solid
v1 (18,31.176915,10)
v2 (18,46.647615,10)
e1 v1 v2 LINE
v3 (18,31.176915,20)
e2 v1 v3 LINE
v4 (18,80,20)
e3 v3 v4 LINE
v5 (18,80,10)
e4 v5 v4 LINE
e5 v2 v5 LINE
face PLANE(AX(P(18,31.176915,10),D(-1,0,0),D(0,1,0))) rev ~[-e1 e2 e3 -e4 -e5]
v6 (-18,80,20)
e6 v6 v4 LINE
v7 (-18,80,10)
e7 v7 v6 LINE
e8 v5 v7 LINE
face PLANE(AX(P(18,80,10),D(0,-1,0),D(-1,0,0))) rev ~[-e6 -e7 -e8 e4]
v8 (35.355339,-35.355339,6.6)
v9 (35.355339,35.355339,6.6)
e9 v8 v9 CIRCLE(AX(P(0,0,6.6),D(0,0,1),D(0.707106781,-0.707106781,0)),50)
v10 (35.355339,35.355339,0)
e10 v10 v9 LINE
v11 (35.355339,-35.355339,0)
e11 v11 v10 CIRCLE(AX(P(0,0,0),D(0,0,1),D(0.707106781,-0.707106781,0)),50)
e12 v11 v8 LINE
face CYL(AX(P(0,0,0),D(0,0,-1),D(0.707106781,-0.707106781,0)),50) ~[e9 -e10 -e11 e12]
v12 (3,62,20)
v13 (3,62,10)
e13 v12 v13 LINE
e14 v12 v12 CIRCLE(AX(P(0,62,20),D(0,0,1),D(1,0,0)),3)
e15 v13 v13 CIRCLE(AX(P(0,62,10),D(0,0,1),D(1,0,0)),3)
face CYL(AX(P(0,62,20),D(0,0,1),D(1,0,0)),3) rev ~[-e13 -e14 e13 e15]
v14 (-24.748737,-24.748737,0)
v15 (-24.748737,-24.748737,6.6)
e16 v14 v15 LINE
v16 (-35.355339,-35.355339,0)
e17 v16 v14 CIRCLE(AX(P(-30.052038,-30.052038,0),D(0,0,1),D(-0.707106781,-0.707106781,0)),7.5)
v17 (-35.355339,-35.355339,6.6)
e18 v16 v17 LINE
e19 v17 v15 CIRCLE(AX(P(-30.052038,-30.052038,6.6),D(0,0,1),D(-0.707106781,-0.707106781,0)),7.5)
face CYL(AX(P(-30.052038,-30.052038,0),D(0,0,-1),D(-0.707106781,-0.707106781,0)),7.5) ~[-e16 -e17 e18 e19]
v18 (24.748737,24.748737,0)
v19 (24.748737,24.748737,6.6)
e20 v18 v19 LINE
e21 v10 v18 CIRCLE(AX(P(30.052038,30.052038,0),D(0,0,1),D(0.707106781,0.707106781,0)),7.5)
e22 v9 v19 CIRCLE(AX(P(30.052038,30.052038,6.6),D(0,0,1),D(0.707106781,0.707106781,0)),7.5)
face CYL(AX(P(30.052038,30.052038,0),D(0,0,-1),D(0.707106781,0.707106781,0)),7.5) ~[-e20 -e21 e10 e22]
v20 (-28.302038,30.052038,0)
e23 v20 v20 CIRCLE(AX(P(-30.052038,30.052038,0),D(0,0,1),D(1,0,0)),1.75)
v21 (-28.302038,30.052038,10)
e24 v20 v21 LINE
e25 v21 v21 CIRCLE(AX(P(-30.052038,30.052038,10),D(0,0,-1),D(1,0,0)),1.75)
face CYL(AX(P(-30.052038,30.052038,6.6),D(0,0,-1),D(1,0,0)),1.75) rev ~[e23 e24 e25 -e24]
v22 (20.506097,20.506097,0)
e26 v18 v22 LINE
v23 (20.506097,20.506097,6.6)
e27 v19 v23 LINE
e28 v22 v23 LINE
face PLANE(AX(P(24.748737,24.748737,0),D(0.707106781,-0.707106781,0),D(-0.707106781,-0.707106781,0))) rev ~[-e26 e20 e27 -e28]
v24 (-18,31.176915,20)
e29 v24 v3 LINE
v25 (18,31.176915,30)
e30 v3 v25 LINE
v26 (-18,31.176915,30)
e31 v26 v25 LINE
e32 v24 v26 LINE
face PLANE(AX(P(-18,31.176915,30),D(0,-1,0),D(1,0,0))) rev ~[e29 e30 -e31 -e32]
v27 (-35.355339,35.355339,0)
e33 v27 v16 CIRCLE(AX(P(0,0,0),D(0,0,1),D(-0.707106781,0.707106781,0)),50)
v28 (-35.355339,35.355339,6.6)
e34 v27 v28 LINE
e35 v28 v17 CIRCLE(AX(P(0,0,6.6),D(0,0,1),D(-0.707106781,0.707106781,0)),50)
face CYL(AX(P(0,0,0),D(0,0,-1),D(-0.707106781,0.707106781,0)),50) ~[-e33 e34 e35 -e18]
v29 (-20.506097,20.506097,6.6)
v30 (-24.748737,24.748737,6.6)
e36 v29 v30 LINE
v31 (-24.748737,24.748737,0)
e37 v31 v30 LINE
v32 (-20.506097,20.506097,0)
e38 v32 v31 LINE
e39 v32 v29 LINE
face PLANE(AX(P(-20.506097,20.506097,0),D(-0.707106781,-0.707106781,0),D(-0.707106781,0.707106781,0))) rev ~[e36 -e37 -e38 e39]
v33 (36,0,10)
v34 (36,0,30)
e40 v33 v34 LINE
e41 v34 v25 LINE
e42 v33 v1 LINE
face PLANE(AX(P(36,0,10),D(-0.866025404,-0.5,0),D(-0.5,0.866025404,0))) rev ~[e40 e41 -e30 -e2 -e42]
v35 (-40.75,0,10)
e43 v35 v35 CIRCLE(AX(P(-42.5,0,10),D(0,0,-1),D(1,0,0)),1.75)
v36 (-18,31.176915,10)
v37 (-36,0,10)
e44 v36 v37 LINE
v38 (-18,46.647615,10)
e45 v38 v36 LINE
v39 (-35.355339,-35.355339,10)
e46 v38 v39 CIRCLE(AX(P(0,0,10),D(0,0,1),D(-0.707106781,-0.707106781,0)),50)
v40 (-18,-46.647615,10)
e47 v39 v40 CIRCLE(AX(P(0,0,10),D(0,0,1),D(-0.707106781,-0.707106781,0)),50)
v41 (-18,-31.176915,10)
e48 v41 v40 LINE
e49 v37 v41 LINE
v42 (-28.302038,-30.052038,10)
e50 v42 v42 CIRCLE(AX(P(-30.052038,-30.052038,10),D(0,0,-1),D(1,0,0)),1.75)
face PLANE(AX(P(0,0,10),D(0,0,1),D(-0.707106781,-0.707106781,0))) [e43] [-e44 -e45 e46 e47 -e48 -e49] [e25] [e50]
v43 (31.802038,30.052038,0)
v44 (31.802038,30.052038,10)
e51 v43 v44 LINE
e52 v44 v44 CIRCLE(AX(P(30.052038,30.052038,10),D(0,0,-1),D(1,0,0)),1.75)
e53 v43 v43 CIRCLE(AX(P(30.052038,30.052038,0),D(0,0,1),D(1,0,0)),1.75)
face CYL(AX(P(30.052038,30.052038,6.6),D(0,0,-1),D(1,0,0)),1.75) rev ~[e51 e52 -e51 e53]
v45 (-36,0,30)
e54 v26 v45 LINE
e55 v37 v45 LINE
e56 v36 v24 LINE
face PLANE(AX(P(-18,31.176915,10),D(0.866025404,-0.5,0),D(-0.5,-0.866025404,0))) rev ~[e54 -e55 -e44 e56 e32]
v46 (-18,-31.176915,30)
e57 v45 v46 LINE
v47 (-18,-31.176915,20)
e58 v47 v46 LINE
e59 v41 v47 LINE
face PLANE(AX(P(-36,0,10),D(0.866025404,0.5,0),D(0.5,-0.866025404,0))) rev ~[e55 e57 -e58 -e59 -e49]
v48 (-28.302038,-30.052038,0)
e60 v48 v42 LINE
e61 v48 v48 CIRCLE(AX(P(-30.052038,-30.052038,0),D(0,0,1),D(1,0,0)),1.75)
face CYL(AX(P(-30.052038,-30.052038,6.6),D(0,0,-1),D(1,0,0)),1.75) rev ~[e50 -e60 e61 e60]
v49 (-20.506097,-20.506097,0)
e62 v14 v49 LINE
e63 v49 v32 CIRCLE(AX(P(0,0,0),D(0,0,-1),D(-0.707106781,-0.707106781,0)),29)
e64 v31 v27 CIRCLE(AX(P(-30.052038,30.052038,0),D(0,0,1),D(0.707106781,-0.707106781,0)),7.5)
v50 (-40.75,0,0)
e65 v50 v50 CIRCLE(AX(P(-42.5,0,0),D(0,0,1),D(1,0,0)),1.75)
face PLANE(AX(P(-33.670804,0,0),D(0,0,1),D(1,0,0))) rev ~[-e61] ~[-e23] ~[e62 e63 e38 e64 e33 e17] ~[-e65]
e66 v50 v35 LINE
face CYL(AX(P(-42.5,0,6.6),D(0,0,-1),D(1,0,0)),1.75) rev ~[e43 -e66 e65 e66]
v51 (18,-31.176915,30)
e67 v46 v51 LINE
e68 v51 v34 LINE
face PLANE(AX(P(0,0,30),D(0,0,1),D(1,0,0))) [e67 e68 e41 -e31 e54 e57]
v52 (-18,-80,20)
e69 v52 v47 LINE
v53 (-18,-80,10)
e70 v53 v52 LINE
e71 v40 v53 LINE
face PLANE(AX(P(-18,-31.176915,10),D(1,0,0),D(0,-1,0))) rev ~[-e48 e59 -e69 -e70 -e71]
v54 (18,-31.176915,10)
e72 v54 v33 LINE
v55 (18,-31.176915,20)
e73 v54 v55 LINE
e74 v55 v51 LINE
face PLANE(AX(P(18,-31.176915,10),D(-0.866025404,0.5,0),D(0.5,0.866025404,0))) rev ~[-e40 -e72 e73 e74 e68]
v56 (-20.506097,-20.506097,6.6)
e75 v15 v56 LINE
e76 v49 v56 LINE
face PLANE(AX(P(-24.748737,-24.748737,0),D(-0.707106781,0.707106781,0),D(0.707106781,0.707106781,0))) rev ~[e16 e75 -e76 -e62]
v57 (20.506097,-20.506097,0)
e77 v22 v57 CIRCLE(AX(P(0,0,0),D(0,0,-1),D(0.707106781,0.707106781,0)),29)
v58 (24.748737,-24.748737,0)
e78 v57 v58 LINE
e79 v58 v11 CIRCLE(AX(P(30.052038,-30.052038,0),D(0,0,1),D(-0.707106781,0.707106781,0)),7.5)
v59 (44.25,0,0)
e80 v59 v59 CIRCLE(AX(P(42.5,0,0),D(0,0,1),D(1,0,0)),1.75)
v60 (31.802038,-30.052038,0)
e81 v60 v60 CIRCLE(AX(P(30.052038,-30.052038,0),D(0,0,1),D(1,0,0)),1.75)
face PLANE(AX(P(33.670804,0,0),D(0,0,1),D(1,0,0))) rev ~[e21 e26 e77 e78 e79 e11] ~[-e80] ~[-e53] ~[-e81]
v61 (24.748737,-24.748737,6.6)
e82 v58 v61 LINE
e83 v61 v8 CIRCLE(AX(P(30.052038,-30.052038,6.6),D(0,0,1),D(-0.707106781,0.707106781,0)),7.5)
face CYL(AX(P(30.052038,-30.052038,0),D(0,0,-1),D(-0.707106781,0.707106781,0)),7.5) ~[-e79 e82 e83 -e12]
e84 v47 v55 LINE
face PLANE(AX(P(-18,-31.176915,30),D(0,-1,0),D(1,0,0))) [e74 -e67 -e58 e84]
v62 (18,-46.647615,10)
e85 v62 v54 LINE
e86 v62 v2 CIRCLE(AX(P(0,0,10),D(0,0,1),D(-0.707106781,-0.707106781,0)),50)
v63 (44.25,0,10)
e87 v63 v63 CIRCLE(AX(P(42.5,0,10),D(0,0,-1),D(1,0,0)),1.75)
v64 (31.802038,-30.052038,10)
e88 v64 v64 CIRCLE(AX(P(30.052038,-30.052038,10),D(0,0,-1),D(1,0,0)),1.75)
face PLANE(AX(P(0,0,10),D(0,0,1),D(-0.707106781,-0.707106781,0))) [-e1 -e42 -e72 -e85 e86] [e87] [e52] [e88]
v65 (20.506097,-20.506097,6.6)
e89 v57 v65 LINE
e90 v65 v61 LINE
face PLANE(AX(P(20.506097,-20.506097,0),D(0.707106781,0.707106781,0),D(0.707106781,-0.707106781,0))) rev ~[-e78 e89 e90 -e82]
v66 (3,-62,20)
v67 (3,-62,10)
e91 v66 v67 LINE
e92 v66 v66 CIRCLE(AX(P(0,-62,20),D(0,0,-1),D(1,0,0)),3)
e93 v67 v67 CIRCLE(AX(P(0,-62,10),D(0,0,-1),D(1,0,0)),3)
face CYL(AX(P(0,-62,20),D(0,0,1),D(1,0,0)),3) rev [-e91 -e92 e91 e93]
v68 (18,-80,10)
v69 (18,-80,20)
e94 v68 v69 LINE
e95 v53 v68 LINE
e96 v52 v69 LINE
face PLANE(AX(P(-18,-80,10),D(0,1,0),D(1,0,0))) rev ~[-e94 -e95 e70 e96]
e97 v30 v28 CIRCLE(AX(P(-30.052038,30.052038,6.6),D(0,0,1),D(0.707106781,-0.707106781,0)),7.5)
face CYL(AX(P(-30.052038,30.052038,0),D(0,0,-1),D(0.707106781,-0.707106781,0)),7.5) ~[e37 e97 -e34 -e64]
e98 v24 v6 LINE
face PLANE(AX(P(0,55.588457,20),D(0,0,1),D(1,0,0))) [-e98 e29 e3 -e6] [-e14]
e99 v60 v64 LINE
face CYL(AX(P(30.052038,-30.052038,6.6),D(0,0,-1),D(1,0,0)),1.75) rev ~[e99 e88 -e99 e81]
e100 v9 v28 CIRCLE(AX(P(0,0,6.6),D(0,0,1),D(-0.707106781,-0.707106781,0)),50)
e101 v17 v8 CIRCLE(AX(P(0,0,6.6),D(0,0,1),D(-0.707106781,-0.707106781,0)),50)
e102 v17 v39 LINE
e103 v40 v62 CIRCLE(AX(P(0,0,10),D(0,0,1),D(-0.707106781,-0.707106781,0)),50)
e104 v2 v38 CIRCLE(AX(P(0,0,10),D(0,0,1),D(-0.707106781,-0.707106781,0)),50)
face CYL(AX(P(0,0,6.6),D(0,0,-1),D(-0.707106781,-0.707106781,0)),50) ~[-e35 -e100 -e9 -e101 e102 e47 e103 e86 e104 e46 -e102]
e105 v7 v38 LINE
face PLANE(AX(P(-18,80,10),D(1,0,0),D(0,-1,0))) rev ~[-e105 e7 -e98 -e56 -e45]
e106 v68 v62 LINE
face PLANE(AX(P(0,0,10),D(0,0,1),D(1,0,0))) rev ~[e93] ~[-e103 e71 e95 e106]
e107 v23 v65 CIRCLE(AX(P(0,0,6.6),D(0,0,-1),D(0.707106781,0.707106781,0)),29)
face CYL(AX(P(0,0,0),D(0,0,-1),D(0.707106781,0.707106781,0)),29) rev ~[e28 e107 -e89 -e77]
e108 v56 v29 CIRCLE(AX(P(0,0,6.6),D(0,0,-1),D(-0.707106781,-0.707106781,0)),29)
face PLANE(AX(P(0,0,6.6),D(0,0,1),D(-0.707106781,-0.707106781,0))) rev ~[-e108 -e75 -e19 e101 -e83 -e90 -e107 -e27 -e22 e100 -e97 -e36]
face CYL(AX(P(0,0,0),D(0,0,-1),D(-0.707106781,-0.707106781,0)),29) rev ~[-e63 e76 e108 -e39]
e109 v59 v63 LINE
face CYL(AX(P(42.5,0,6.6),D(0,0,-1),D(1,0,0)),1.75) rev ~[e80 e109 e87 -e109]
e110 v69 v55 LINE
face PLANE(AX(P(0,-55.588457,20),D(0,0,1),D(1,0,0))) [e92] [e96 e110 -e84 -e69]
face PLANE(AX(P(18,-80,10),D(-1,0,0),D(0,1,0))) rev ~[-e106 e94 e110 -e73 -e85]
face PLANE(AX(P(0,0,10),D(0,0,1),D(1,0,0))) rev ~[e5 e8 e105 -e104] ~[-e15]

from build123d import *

# Parameters (mm, degrees)
SKETCH_1_R          = 1.75
EXTRUDE_1_DEPTH     = 6.6
EXTRUDE_1_2_DEPTH   = 6.6
SKETCH_2_R          = 50
EXTRUDE_2_DEPTH     = 3.4
SKETCH_4_R          = 1.75
CUT_EXTRUDE_2_DEPTH = 10
EXTRUDE_7_DEPTH     = 20
SKETCH_10_W         = 36
SKETCH_10_H         = 48.823085464
CUT_EXTRUDE_3_DEPTH = 10
SKETCH_11_R         = 3
CUT_EXTRUDE_6_DEPTH = 10


with BuildPart() as part:
    # 草图1 → 凸台-拉伸1 (new body)
    with BuildSketch(Plane.XY):
        with BuildLine():
            ThreePointArc((20.506096654, 20.506096654), (29, 0), (20.506096654, -20.506096654))
            Line((20.506096654, -20.506096654), (24.748737342, -24.748737342))
            ThreePointArc((24.748737342, -24.748737342), (24.748737342, -35.355339059), (35.355339059, -35.355339059))
            ThreePointArc((35.355339059, -35.355339059), (50, 0), (35.355339059, 35.355339059))
            ThreePointArc((35.355339059, 35.355339059), (24.748737342, 35.355339059), (24.748737342, 24.748737342))
            Line((24.748737342, 24.748737342), (20.506096654, 20.506096654))
        make_face()
        with Locations((30.0520382, 30.0520382)):
            Circle(SKETCH_1_R, mode=Mode.SUBTRACT)
        with Locations((30.0520382, -30.0520382)):
            Circle(SKETCH_1_R, mode=Mode.SUBTRACT)
        with Locations((42.5, 0)):
            Circle(SKETCH_1_R, mode=Mode.SUBTRACT)
    extrude(amount=EXTRUDE_1_DEPTH)



with BuildPart() as body_2:
    # 草图1 → Extrude 1 2 (new body)
    with BuildSketch(Plane.XY):
        with BuildLine():
            ThreePointArc((-35.355339059, 35.355339059), (-50, 0), (-35.355339059, -35.355339059))
            ThreePointArc((-35.355339059, -35.355339059), (-24.748737342, -35.355339059), (-24.748737342, -24.748737342))
            Line((-24.748737342, -24.748737342), (-20.506096654, -20.506096654))
            ThreePointArc((-20.506096654, -20.506096654), (-29, 0), (-20.506096654, 20.506096654))
            Line((-20.506096654, 20.506096654), (-24.748737342, 24.748737342))
            ThreePointArc((-24.748737342, 24.748737342), (-24.748737342, 35.355339059), (-35.355339059, 35.355339059))
        make_face()
        with Locations((-30.0520382, 30.0520382)):
            Circle(SKETCH_1_R, mode=Mode.SUBTRACT)
        with Locations((-30.0520382, -30.0520382)):
            Circle(SKETCH_1_R, mode=Mode.SUBTRACT)
        with Locations((-42.5, 0)):
            Circle(SKETCH_1_R, mode=Mode.SUBTRACT)
    extrude(amount=EXTRUDE_1_2_DEPTH)


with BuildPart() as part_1:
    add(part.part)

    add(body_2.part)  # 凸台-拉伸2 merges body 2
    # 草图2 → 凸台-拉伸2 (add)
    with BuildSketch(Plane.XY.offset(6.6)):
        with Locations(Location((0, 0, 0), (0, 0, 225))):
            Circle(SKETCH_2_R)
    extrude(amount=EXTRUDE_2_DEPTH)

    # 草图4 → 切除-拉伸2 (cut, symmetric)
    with BuildSketch(Plane(origin=(0, 0, 6.6), x_dir=(-1, 0, 0), z_dir=(0, 0, -1))):
        with Locations(Location((-42.5, 0, 0), (0, 0, 180))):
            Circle(SKETCH_4_R)
        with Locations(Location((-30.0520382, 30.0520382, 0), (0, 0, 180))):
            Circle(SKETCH_4_R)
        with Locations(Location((-30.0520382, -30.0520382, 0), (0, 0, 180))):
            Circle(SKETCH_4_R)
        with Locations(Location((30.0520382, -30.0520382, 0), (0, 0, 180))):
            Circle(SKETCH_4_R)
        with Locations(Location((42.5, 0, 0), (0, 0, 180))):
            Circle(SKETCH_4_R)
        with Locations(Location((30.0520382, 30.0520382, 0), (0, 0, 180))):
            Circle(SKETCH_4_R)
    extrude(amount=CUT_EXTRUDE_2_DEPTH, both=True, mode=Mode.SUBTRACT)

    # 草图5 → 凸台-拉伸7 (add)
    with BuildSketch(Plane.XY.offset(10)):
        Polygon((-18, -31.176914536), (-18, -80), (18, -80), (18, -31.176914536), (36, 0), (18, 31.176914536), (18, 80), (-18, 80), (-18, 31.176914536), (-36, 0), align=None)
    extrude(amount=EXTRUDE_7_DEPTH)

    # 草图10 → 切除-拉伸3 (cut)
    with BuildSketch(Plane.XY.offset(30)):
        with Locations((0, -55.588457268)):
            Rectangle(SKETCH_10_W, SKETCH_10_H)
        with Locations((0, 55.588457268)):
            Rectangle(SKETCH_10_W, SKETCH_10_H)
    extrude(amount=-CUT_EXTRUDE_3_DEPTH, mode=Mode.SUBTRACT)

    # 草图11 → 切除-拉伸6 (cut)
    with BuildSketch(Plane.XY.offset(20)):
        with Locations((0, 62)):
            Circle(SKETCH_11_R)
    cut_extrude_6 = extrude(amount=-CUT_EXTRUDE_6_DEPTH, mode=Mode.SUBTRACT)

    # 镜向2: 切除-拉伸6 across plane
    add(cut_extrude_6.mirror(Plane.ZX), mode=Mode.SUBTRACT)


solid = part_1.part
